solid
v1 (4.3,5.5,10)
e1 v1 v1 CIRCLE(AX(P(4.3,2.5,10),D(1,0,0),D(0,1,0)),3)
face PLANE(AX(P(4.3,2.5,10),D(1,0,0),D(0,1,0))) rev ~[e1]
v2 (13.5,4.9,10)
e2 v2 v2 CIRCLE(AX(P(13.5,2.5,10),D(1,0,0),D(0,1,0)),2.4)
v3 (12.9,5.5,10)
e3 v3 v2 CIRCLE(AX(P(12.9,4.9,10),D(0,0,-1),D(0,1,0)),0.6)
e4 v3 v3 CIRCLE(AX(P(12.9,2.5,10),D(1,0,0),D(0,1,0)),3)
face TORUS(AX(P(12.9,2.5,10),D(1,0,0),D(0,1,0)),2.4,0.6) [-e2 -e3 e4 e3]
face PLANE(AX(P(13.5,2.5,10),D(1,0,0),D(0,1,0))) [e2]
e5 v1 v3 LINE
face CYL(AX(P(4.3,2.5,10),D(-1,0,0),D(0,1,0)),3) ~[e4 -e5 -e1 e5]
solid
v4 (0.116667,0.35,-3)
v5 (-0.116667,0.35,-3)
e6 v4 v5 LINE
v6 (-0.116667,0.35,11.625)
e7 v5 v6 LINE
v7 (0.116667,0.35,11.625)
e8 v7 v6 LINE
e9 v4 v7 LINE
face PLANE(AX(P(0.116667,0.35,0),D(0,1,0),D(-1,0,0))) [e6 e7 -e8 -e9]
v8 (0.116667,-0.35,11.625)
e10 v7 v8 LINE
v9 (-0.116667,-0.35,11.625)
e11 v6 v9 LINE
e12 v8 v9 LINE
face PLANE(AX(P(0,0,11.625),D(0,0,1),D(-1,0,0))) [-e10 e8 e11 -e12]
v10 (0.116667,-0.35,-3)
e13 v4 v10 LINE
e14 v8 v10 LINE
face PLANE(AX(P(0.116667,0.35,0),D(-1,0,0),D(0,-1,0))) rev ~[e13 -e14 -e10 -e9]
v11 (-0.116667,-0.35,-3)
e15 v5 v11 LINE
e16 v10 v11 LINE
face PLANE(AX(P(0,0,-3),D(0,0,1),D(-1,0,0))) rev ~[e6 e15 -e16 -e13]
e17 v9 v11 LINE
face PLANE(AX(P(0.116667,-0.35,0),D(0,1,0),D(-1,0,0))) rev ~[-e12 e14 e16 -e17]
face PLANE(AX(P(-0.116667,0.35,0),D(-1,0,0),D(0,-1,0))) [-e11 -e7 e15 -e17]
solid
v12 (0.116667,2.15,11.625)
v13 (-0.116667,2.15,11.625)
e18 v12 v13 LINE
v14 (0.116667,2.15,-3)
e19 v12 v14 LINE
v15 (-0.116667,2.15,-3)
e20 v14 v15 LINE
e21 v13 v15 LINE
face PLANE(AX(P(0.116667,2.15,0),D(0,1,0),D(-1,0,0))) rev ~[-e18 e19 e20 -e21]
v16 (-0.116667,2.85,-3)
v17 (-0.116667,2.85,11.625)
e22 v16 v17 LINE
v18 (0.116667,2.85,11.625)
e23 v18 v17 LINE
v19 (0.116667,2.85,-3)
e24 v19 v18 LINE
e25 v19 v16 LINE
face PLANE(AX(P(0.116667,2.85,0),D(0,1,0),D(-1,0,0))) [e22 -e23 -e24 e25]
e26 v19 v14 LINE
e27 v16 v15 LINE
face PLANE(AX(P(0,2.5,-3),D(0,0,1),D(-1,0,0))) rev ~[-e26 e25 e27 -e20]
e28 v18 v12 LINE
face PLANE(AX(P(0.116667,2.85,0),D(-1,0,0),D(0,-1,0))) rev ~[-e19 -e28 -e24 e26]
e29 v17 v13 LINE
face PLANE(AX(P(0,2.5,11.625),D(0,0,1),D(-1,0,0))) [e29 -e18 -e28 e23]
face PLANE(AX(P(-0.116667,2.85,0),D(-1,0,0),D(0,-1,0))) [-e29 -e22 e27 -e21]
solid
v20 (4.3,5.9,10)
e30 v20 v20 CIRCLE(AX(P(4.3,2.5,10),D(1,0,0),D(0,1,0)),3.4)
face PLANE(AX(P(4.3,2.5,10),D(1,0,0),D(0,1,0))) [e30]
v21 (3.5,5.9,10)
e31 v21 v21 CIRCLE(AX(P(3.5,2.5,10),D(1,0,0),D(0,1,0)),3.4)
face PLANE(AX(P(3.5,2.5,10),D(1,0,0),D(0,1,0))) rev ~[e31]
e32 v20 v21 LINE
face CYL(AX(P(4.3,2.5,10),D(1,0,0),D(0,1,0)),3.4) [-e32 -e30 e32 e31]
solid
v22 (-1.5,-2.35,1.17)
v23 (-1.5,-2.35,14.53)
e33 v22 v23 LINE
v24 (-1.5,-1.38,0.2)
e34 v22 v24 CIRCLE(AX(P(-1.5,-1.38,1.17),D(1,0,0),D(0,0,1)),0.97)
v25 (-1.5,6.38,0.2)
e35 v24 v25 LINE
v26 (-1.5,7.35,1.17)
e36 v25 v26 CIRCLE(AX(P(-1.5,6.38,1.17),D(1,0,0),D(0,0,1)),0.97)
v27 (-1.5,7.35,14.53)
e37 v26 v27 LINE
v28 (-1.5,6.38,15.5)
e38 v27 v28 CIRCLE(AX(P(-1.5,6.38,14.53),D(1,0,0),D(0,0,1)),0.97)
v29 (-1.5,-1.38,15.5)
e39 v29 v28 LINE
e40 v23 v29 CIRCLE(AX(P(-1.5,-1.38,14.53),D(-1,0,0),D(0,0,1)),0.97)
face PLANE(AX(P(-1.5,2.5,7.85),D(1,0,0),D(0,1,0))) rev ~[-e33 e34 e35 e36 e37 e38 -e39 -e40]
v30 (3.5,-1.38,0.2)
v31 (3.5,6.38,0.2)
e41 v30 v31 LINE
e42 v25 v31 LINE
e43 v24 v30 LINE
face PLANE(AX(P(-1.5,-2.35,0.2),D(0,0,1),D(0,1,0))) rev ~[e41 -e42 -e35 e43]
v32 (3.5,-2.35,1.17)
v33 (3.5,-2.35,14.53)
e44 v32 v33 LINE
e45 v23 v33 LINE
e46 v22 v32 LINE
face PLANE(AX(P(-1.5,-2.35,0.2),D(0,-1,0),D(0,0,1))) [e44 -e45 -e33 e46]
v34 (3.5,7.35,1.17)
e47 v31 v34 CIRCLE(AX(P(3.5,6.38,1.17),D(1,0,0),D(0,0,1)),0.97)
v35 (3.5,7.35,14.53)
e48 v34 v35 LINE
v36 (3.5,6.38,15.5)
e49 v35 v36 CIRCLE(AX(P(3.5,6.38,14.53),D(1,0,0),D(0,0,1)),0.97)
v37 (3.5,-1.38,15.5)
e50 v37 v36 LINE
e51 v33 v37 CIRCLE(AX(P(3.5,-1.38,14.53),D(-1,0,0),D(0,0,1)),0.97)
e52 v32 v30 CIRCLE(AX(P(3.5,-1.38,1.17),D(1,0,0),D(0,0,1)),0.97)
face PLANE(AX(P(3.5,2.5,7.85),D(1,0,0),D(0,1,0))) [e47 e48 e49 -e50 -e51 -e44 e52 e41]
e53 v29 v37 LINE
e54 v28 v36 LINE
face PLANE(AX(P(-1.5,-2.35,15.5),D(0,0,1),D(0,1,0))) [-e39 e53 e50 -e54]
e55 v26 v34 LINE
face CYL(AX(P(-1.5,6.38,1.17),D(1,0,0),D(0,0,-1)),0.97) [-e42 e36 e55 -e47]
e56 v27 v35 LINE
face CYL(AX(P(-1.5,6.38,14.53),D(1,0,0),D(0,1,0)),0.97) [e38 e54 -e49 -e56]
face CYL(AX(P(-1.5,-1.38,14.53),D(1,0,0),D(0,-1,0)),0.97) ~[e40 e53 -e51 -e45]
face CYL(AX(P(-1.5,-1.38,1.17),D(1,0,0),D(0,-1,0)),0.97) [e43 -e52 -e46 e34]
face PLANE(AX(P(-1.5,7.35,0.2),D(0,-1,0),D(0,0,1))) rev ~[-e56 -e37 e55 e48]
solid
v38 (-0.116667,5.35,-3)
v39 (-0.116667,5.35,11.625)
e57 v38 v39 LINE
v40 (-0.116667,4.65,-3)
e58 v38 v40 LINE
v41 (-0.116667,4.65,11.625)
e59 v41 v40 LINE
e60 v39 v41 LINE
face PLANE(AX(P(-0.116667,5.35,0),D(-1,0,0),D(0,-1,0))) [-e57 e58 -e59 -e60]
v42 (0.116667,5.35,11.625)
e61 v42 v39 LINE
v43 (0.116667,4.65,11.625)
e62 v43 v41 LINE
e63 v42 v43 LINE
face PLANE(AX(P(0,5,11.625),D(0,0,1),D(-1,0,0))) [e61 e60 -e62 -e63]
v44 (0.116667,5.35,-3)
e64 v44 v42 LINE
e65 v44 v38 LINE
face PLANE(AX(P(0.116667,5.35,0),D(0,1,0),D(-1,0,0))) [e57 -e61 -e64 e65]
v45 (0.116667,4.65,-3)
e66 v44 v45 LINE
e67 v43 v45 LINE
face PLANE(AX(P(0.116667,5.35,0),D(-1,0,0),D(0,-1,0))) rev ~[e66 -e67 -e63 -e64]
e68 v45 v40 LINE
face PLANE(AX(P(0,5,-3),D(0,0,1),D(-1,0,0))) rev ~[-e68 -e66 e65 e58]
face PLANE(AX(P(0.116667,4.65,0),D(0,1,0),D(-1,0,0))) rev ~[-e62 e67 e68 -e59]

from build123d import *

# Parameters (mm, degrees)
SKETCH001_R       = 3.4
PAD001_DEPTH      = 0.8
SKETCH003_W       = 0.233334
SKETCH003_H       = 0.7
PAD002_DEPTH      = 11.625
PAD002_DEPTH_BACK = 3
SKETCH004_R       = 3
PAD003_DEPTH      = 9.2
FILLET_R          = 0.6
SKETCH_W          = 9.7
SKETCH_H          = 15.3
PAD_DEPTH         = 5
FILLET001_R       = 0.97


with BuildPart() as pad001:
    # Sketch001 → Pad001 (new body)
    with BuildSketch(Plane.YZ.offset(4.3)):
        with Locations((2.5, 10)):
            Circle(SKETCH001_R)
    extrude(amount=-PAD001_DEPTH)


with BuildPart() as pad002:
    # Sketch003 → Pad002 (new body, two sides)
    with BuildSketch(Plane(origin=(0, 0, 0), x_dir=(-1, 0, 0), z_dir=(0, 0, 1))) as pad002_sk:
        Rectangle(SKETCH003_W, SKETCH003_H)
        with Locations((0, -2.5)):
            Rectangle(SKETCH003_W, SKETCH003_H)
        with Locations((0, -5)):
            Rectangle(SKETCH003_W, SKETCH003_H)
    extrude(amount=PAD002_DEPTH)
    extrude(pad002_sk.sketch, amount=-PAD002_DEPTH_BACK)


with BuildPart() as fillet_body:
    # Sketch004 → Pad003 (new body)
    with BuildSketch(Plane.YZ.offset(4.3)):
        with Locations((2.5, 10)):
            Circle(SKETCH004_R)
    extrude(amount=PAD003_DEPTH)

    # Fillet
    fillet_edges = [fillet_body.edges().sort_by_distance(p)[0] for p in [
        (13.5, -0.5, 10),
    ]]
    fillet(fillet_edges, radius=FILLET_R)


with BuildPart() as fillet001:
    # Sketch → Pad (new body)
    with BuildSketch(Plane.YZ.offset(-1.5)):
        with Locations((2.5, 7.85)):
            Rectangle(SKETCH_W, SKETCH_H)
    extrude(amount=PAD_DEPTH)

    # Fillet001
    fillet001_edges = [fillet001.edges().sort_by_distance(p)[0] for p in [
        (1, -2.35, 15.5),
        (1, 7.35, 15.5),
        (1, -2.35, 0.2),
        (1, 7.35, 0.2),
    ]]
    fillet(fillet001_edges, radius=FILLET001_R)


solid = Compound([pad001.part, pad002.part, fillet_body.part, fillet001.part])
